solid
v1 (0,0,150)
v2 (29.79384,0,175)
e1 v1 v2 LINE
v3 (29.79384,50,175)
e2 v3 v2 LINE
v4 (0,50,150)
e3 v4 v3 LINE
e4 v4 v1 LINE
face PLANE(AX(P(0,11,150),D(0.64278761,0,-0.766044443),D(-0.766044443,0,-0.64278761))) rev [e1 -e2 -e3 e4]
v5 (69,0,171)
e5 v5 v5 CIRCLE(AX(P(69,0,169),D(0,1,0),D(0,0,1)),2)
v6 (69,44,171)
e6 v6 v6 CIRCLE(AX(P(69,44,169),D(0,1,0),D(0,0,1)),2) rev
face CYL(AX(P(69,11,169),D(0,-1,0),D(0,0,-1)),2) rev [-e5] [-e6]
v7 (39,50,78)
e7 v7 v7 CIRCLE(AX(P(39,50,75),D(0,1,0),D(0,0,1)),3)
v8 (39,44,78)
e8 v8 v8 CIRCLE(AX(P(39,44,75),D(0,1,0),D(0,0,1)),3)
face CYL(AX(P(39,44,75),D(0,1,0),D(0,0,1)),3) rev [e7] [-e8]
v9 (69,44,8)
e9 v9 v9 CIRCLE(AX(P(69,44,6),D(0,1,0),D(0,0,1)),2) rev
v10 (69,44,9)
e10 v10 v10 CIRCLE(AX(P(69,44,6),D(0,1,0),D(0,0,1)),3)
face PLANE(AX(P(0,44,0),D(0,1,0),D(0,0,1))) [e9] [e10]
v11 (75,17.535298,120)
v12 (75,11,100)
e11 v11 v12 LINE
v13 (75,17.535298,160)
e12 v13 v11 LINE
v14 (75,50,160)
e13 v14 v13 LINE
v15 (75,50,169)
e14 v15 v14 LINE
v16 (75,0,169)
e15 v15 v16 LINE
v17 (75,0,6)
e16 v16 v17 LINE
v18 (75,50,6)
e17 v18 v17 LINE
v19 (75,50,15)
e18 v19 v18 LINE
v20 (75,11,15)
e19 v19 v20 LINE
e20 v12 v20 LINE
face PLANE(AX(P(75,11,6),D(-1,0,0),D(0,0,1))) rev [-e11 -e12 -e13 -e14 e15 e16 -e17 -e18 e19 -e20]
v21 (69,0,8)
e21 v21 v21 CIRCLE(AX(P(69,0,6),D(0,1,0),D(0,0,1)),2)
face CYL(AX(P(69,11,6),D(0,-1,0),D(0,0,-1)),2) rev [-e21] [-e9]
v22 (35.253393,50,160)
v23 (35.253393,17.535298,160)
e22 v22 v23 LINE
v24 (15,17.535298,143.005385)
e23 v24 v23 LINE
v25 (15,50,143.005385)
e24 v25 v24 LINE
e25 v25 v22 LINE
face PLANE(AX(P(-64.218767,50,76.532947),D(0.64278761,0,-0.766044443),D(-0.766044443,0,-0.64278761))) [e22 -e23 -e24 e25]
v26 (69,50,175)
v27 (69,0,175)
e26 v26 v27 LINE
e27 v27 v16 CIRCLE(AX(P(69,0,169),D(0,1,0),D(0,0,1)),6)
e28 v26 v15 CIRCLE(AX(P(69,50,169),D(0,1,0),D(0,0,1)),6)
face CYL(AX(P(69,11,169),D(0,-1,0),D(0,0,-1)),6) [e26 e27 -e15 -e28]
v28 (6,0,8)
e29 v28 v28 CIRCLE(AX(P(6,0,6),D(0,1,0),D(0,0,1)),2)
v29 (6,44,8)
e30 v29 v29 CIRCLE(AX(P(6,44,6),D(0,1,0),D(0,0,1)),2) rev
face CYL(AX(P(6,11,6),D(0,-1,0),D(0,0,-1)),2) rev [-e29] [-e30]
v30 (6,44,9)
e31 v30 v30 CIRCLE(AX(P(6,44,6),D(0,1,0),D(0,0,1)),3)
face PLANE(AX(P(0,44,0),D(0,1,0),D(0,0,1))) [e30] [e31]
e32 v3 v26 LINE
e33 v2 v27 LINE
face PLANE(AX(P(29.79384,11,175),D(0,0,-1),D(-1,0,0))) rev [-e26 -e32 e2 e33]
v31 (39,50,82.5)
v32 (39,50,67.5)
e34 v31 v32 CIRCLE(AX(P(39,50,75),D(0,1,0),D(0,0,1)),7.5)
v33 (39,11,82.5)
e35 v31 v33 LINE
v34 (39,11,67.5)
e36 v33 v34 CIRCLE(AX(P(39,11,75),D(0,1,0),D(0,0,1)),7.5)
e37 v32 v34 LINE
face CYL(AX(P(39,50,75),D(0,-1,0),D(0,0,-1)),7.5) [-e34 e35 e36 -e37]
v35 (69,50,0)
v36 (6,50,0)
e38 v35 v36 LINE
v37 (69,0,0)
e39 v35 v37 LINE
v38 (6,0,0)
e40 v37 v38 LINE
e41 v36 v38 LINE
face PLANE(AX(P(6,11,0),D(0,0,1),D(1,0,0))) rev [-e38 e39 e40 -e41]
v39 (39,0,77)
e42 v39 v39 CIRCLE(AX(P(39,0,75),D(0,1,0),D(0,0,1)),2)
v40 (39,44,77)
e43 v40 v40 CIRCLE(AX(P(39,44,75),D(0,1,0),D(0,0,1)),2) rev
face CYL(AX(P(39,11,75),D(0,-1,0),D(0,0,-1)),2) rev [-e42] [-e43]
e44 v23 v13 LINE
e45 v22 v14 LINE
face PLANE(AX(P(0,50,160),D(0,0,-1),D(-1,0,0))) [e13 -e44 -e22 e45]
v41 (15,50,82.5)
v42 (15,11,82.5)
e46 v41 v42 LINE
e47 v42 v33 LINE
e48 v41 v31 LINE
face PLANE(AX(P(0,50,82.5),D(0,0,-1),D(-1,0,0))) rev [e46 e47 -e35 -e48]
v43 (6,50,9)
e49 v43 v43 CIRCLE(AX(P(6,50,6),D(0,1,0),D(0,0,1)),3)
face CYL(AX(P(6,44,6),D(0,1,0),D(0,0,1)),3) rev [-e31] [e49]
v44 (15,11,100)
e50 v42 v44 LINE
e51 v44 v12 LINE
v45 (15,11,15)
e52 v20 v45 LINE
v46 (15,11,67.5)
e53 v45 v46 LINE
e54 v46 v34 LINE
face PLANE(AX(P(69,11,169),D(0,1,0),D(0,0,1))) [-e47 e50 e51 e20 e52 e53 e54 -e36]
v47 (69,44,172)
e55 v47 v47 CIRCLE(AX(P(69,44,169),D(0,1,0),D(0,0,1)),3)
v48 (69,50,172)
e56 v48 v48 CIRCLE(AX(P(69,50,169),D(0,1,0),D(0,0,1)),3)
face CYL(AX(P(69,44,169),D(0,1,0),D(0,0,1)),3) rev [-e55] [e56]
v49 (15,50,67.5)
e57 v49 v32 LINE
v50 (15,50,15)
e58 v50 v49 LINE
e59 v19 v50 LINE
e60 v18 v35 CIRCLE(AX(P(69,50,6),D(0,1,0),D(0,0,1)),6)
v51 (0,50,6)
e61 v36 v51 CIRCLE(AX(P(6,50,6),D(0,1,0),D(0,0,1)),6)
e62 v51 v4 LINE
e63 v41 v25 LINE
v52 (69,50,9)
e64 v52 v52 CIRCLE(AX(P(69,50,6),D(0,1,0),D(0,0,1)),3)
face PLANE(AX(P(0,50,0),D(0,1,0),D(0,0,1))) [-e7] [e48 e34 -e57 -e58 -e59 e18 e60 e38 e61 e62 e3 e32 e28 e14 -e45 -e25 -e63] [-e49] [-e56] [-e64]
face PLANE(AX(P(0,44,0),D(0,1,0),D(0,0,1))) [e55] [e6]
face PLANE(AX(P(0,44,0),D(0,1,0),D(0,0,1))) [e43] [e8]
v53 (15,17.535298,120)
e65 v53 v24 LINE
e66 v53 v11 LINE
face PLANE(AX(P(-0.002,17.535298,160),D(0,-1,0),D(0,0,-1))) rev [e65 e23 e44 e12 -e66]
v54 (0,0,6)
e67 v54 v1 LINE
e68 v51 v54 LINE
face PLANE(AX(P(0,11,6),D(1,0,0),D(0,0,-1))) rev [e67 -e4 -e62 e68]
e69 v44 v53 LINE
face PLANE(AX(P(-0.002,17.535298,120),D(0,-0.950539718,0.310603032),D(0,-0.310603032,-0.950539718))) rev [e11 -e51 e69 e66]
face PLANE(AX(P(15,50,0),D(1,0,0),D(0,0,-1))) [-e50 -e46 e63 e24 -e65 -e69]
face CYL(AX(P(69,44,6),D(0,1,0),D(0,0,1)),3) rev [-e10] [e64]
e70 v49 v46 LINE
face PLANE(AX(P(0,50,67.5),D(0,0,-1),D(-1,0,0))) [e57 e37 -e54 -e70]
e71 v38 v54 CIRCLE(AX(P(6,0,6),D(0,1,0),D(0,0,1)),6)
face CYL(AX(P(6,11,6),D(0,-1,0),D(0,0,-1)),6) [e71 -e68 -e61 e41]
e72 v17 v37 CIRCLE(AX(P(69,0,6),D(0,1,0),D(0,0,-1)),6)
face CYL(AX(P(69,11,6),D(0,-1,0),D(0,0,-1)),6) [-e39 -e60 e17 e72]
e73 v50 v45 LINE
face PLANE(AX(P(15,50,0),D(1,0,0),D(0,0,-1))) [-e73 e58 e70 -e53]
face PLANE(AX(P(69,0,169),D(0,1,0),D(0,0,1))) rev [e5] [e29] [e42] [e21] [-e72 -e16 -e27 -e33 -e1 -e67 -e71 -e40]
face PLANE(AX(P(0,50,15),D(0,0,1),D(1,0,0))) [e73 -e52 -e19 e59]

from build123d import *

# Parameters (mm, degrees)
SKETCH2_R           = 2
BOSS_EXTRUDE1_DEPTH = 11
SKETCH3_R           = 2
BOSS_EXTRUDE2_DEPTH = 39
EXTRUDE_THIN1_REACH = 198.85
CUT_EXTRUDE2_START  = -6
SKETCH5_R           = 3
SKETCH5_R_2         = 2
CUT_EXTRUDE2_DEPTH  = 6


with BuildPart() as part:
    # Sketch2 → Boss-Extrude1 (new body)
    with BuildSketch(Plane(origin=(0, 0, 0), x_dir=(1, 0, 0), z_dir=(0, 1, 0))):
        with BuildLine():
            Line((0, -150), (29.793839815, -175))
            Line((29.793839815, -175), (69, -175))
            ThreePointArc((69, -175), (73.242640687, -173.242640687), (75, -169))
            Line((75, -169), (75, -6))
            ThreePointArc((75, -6), (73.242640687, -1.757359313), (69, 0))
            Line((69, 0), (6, 0))
            ThreePointArc((6, 0), (1.757359313, -1.757359313), (0, -6))
            Line((0, -6), (0, -150))
        make_face()
        with Locations(Location((69, -169, 0), (0, 0, 270))):
            Circle(SKETCH2_R, mode=Mode.SUBTRACT)
        with Locations(Location((69, -6, 0), (0, 0, 270))):
            Circle(SKETCH2_R, mode=Mode.SUBTRACT)
        with Locations(Location((6, -6, 0), (0, 0, 270))):
            Circle(SKETCH2_R, mode=Mode.SUBTRACT)
        with Locations(Location((39, -75, 0), (0, 0, 270))):
            Circle(SKETCH2_R, mode=Mode.SUBTRACT)
    extrude(amount=BOSS_EXTRUDE1_DEPTH)

    # Sketch3 → Boss-Extrude2 (add)
    with BuildSketch(Plane(origin=(0, 11, 0), x_dir=(1, 0, 0), z_dir=(0, 1, 0))):
        with BuildLine():
            Line((39, -67.5), (15, -67.5))
            Line((15, -67.5), (15, -15))
            Line((15, -15), (75, -15))
            Line((75, -15), (75, -6))
            ThreePointArc((75, -6), (73.242640687, -1.757359313), (69, 0))
            Line((69, 0), (6, 0))
            ThreePointArc((6, 0), (1.757359313, -1.757359313), (0, -6))
            Line((0, -6), (0, -150))
            Line((0, -150), (29.793839815, -175))
            Line((29.793839815, -175), (69, -175))
            ThreePointArc((69, -175), (73.242640687, -173.242640687), (75, -169))
            Line((75, -169), (75, -160))
            Line((75, -160), (35.253393329, -160))
            Line((35.253393329, -160), (15, -143.005385128))
            Line((15, -143.005385128), (15, -82.5))
            Line((15, -82.5), (39, -82.5))
            ThreePointArc((39, -82.5), (46.5, -75), (39, -67.5))
        make_face()
        with Locations(Location((69, -169, 0), (0, 0, 270))):
            Circle(SKETCH3_R, mode=Mode.SUBTRACT)
        with Locations(Location((6, -6, 0), (0, 0, 270))):
            Circle(SKETCH3_R, mode=Mode.SUBTRACT)
        with Locations(Location((39, -75, 0), (0, 0, 270))):
            Circle(SKETCH3_R, mode=Mode.SUBTRACT)
        with Locations(Location((69, -6, 0), (0, 0, 270))):
            Circle(SKETCH3_R, mode=Mode.SUBTRACT)
    extrude(amount=BOSS_EXTRUDE2_DEPTH)

    # Sketch4 → Extrude-Thin1 (add, up to next)
    with BuildSketch(Plane(origin=(75, 0, 0), x_dir=(0, 0, -1), z_dir=(1, 0, 0)), mode=Mode.PRIVATE) as extrude_thin1_sk1:
        Polygon((-160, 17.535298339), (-120, 17.535298339), (-100, 11), (-103.106030321, 1.494602815), (-121.592395321, 7.535298339), (-160, 7.535298339), align=None)
    extrude_thin1_tool1 = extrude(extrude_thin1_sk1.sketch, amount=-EXTRUDE_THIN1_REACH, mode=Mode.PRIVATE) - part.part
    add(extrude_thin1_tool1.solids().sort_by_distance((75, 11.508735, 130.439328))[0])

    # Sketch5 → Cut-Extrude2 (cut)
    # profile 1 of 5: a face of its own
    with BuildSketch(Plane(origin=(0, 50, 0), x_dir=(1, 0, 0), z_dir=(0, 1, 0)).offset(CUT_EXTRUDE2_START)):
        with Locations(Location((69, -6, 0), (0, 0, 270))):
            Circle(SKETCH5_R)
        with Locations(Location((69, -6, 0), (0, 0, 270))):
            Circle(SKETCH5_R_2, mode=Mode.SUBTRACT)
    # profile 2 of 5: a face of its own
    with BuildSketch(Plane(origin=(0, 50, 0), x_dir=(1, 0, 0), z_dir=(0, 1, 0)).offset(CUT_EXTRUDE2_START)):
        with Locations(Location((6, -6, 0), (0, 0, 270))):
            Circle(SKETCH5_R)
        with Locations(Location((6, -6, 0), (0, 0, 270))):
            Circle(SKETCH5_R_2, mode=Mode.SUBTRACT)
    # profile 3 of 5: a face of its own
    with BuildSketch(Plane(origin=(0, 50, 0), x_dir=(1, 0, 0), z_dir=(0, 1, 0)).offset(CUT_EXTRUDE2_START)):
        with Locations(Location((39, -75, 0), (0, 0, 270))):
            Circle(SKETCH5_R)
        with Locations(Location((39, -75, 0), (0, 0, 270))):
            Circle(SKETCH5_R_2, mode=Mode.SUBTRACT)
    # profile 4 of 5: a face of its own
    with BuildSketch(Plane(origin=(0, 50, 0), x_dir=(1, 0, 0), z_dir=(0, 1, 0)).offset(CUT_EXTRUDE2_START)):
        with Locations(Location((69, -169, 0), (0, 0, 270))):
            Circle(SKETCH5_R)
        with Locations(Location((69, -169, 0), (0, 0, 270))):
            Circle(SKETCH5_R_2, mode=Mode.SUBTRACT)
    # profile 5 of 5: a face of its own
    with BuildSketch(Plane(origin=(0, 50, 0), x_dir=(1, 0, 0), z_dir=(0, 1, 0)).offset(CUT_EXTRUDE2_START)):
        with Locations(Location((69, -6, 0), (0, 0, 270))):
            Circle(SKETCH5_R_2)
    extrude(amount=CUT_EXTRUDE2_DEPTH, mode=Mode.SUBTRACT)


solid = part.part
